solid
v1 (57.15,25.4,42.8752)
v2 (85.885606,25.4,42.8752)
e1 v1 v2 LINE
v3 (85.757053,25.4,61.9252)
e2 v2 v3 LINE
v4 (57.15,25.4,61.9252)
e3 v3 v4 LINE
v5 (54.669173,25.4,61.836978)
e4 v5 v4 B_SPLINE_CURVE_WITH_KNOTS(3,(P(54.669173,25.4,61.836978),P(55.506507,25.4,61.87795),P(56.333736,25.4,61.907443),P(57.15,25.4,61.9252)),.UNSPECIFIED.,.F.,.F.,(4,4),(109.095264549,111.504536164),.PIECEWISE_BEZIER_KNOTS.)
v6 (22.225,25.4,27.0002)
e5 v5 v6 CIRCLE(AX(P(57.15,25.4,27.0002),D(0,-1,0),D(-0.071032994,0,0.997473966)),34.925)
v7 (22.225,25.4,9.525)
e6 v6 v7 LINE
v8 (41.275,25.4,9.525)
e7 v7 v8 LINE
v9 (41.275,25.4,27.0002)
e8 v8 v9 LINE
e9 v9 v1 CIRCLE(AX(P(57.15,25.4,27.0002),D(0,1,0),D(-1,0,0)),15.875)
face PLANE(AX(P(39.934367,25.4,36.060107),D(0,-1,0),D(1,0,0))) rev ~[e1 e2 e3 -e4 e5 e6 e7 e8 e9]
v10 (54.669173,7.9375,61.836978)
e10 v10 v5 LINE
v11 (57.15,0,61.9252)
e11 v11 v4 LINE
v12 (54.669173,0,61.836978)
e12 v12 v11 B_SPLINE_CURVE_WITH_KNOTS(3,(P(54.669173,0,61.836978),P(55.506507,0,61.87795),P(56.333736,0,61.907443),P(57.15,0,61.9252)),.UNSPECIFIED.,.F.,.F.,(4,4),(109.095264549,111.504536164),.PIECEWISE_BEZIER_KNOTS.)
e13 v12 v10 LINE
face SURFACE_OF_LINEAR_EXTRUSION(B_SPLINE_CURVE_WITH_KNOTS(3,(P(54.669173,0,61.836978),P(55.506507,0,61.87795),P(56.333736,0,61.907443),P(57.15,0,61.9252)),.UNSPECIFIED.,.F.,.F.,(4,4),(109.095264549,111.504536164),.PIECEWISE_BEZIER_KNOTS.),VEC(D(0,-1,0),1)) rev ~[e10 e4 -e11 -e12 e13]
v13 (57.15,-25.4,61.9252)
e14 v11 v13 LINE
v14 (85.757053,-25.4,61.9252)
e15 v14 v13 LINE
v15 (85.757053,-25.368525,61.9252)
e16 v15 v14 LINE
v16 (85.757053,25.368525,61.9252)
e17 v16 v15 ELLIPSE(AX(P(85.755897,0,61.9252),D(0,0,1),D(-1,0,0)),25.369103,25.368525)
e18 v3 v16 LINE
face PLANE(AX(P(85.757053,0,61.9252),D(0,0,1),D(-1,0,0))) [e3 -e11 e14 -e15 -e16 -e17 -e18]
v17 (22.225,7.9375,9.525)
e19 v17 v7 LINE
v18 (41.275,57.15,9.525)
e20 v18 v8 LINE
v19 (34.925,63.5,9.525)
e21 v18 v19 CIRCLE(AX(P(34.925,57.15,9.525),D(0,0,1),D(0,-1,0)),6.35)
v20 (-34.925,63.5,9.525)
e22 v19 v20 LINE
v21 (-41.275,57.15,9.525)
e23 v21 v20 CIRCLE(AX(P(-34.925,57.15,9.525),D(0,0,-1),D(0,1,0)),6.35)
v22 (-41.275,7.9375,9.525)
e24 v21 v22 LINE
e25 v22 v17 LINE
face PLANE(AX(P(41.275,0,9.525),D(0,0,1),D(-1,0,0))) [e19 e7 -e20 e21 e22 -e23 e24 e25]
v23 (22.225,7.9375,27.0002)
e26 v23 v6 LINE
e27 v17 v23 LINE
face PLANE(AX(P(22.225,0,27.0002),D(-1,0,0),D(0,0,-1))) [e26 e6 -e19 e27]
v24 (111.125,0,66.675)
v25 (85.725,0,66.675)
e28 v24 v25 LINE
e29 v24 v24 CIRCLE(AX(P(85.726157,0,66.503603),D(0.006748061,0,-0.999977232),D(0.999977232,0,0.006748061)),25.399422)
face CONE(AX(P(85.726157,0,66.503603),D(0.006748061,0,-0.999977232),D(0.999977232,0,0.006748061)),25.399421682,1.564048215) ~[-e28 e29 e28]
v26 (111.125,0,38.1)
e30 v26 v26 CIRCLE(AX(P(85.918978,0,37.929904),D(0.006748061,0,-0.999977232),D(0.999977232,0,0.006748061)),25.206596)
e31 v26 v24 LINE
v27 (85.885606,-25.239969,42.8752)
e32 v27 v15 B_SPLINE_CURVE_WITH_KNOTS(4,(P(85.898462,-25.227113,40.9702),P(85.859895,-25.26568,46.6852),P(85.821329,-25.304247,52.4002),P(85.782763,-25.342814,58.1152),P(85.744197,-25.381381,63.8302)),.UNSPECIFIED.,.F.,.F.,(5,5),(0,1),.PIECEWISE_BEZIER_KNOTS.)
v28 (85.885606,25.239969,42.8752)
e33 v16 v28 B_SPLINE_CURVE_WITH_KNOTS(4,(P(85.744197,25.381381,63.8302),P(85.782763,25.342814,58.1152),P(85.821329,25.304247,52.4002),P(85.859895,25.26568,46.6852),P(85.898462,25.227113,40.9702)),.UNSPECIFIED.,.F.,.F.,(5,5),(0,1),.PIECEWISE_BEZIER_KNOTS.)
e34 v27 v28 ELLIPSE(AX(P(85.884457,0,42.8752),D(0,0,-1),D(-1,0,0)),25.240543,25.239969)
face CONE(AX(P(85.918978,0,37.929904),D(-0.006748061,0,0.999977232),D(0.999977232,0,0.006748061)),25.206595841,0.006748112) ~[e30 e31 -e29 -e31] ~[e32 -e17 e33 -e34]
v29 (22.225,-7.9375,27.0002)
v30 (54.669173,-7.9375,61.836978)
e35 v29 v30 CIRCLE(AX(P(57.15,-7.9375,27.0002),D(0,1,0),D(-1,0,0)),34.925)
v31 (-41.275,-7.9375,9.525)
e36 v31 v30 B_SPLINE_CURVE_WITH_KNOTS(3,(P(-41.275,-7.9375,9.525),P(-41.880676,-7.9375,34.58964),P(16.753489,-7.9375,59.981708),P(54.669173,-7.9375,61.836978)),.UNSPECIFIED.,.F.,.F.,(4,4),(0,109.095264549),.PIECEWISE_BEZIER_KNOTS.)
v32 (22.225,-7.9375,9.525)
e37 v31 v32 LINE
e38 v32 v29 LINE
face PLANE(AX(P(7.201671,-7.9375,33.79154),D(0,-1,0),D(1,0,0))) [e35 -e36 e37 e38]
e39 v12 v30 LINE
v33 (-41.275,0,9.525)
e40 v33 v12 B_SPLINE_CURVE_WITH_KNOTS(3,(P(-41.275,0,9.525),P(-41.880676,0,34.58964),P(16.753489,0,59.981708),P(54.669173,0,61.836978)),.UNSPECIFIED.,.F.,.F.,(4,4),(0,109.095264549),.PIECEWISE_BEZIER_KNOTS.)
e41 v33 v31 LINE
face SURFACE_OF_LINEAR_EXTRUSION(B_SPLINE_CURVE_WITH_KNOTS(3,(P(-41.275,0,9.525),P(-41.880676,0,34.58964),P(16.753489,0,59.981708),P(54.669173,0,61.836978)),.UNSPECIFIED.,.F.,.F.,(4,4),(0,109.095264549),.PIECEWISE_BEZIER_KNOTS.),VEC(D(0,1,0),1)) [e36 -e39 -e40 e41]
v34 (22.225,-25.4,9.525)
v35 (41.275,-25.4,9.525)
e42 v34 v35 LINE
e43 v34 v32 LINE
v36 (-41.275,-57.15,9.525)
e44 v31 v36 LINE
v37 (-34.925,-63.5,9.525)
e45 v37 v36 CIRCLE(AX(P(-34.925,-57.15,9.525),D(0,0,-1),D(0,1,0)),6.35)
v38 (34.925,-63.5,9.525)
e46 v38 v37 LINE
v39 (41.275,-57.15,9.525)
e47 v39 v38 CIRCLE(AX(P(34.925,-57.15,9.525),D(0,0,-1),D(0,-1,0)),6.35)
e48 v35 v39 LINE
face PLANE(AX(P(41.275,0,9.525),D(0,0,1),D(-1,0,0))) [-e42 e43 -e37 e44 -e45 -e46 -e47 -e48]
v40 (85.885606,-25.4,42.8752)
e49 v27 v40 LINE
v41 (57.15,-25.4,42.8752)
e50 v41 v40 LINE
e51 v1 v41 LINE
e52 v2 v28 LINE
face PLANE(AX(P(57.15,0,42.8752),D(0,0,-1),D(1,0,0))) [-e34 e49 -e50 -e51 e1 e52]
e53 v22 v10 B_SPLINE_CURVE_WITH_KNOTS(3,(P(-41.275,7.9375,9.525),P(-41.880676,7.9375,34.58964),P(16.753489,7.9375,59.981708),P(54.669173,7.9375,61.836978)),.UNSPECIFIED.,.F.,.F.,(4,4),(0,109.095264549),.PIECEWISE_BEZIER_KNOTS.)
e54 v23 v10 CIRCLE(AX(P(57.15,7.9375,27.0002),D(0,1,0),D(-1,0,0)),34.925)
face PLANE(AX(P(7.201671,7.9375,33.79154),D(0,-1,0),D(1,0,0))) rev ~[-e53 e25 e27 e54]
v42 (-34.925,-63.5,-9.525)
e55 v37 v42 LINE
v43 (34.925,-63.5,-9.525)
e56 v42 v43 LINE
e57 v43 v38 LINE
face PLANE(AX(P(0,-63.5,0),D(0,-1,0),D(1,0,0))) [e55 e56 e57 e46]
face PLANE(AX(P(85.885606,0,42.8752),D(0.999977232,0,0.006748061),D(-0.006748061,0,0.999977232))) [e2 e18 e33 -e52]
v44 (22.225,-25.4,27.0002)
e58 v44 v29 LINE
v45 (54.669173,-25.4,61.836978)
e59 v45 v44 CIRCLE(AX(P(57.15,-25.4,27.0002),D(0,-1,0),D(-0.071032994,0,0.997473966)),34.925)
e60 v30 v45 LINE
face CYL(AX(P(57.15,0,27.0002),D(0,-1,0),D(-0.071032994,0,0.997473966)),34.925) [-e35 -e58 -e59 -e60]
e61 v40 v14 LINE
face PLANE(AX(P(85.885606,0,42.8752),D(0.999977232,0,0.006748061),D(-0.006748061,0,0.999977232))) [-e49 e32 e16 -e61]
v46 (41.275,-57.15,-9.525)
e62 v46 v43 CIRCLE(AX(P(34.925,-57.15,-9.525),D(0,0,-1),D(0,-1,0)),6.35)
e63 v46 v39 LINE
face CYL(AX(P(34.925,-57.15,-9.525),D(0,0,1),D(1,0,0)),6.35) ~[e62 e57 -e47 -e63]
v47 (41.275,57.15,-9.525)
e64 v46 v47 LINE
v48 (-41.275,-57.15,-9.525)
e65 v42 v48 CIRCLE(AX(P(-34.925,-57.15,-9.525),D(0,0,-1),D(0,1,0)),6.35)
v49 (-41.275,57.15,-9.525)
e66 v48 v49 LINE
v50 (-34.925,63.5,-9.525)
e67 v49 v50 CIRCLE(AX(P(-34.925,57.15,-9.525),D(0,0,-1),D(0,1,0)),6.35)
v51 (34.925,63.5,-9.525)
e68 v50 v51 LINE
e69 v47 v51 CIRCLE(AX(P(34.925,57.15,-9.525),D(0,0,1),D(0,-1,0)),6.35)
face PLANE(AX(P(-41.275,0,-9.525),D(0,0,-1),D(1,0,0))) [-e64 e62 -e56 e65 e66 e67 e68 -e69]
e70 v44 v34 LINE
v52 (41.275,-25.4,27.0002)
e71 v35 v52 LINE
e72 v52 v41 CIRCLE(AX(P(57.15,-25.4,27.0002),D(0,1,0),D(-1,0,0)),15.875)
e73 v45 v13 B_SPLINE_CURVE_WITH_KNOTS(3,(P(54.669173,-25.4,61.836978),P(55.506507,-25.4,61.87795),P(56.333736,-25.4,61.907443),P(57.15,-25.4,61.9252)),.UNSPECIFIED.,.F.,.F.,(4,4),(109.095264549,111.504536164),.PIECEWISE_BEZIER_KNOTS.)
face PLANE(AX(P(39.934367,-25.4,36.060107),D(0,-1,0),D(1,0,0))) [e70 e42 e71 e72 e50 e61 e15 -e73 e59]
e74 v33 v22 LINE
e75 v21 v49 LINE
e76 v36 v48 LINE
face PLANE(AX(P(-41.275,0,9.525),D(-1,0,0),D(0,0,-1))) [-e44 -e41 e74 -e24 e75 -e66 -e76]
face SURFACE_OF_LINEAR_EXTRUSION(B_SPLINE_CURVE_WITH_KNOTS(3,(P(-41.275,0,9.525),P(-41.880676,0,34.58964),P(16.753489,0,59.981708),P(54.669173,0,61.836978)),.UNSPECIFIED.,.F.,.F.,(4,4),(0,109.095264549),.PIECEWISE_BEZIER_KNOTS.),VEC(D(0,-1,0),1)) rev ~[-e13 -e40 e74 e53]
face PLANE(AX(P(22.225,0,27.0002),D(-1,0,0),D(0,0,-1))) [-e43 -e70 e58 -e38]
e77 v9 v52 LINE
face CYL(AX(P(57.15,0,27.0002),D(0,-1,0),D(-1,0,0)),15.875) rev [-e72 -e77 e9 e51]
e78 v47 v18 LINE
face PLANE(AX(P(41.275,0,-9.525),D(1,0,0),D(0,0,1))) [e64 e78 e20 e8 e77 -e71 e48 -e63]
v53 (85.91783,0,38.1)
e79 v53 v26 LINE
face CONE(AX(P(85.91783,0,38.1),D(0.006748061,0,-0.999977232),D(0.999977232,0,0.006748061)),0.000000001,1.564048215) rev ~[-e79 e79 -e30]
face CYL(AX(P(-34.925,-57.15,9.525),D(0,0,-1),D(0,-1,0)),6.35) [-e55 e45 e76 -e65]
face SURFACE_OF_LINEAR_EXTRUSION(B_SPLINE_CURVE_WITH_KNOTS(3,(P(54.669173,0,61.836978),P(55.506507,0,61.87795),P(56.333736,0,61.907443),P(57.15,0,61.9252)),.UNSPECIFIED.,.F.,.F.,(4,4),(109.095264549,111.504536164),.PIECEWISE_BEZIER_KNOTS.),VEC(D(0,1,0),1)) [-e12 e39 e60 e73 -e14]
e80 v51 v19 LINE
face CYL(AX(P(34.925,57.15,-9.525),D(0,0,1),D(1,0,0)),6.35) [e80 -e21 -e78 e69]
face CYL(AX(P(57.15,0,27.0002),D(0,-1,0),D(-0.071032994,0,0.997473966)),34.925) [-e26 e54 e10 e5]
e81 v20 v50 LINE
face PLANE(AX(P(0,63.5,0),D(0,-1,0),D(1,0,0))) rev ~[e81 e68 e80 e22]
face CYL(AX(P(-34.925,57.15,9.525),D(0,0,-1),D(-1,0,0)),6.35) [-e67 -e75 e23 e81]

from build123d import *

# Parameters (mm, degrees)
F1_DEPTH = 63.5
F2_DEPTH = 25.4
F3_DEPTH = 7.9375
F5_R     = 6.35


with BuildPart() as f1:
    # F0 (on Front) → F1 (new body, symmetric)
    with BuildSketch(Plane.XZ):
        Polygon((41.275, -9.525), (41.275, 9.525), (22.225, 9.525), (-41.275, 9.525), (-41.275, -9.525), align=None)
    extrude(amount=F1_DEPTH, both=True)

    # F0 (on Front) → F2 (join, symmetric)
    with BuildSketch(Plane.XZ):
        with BuildLine():
            Line((22.225, 9.525), (41.275, 9.525))
            Line((41.275, 9.525), (41.275, 27.0002))
            ThreePointArc((41.275, 27.0002), (45.9246798487, 38.2255201513), (57.15, 42.8752))
            Line((57.15, 42.8752), (60.325, 42.8752))
            Line((60.325, 42.8752), (60.325, 61.9252))
            Line((60.325, 61.9252), (57.15, 61.9252))
            add(Edge.make_bspline(
                [(54.6691726914, 61.8369782791), (55.5065067591, 61.8779502767), (56.3337362614, 61.9074431943), (57.15, 61.9252)],
                knots=[109.0952645489, 109.0952645489, 109.0952645489, 109.0952645489, 111.5045361635, 111.5045361635, 111.5045361635, 111.5045361635], degree=3))
            ThreePointArc((54.6691726914, 61.8369782791), (31.592236808, 50.8026445304), (22.225, 27.0002))
            Line((22.225, 27.0002), (22.225, 9.525))
        make_face()
        Polygon((60.325, 61.9252), (60.325, 42.8752), (85.8856061574, 42.8752), (85.7570526696, 61.9252), align=None)
    extrude(amount=F2_DEPTH, both=True)

    # F0 (on Front) → F3 (join, symmetric)
    with BuildSketch(Plane.XZ):
        with BuildLine():
            Line((-41.275, 9.525), (22.225, 9.525))
            Line((22.225, 9.525), (22.225, 27.0002))
            ThreePointArc((22.225, 27.0002), (31.592236808, 50.8026445304), (54.6691726914, 61.8369782791))
            add(Edge.make_bspline(
                [(-41.275, 9.525), (-41.8806763556, 34.5896402805), (16.7534885196, 59.9817076265), (54.6691726914, 61.8369782791)],
                knots=[0, 0, 0, 0, 109.0952645489, 109.0952645489, 109.0952645489, 109.0952645489], degree=3))
        make_face()
    extrude(amount=F3_DEPTH, both=True)

    # F0 (on Front) → F4 (revolve)
    with BuildSketch(Plane.XZ):
        Polygon((85.7570526696, 61.9252), (85.8856061574, 42.8752), (85.9178302317, 38.1), (111.125, 38.1), (111.125, 66.675), (85.725, 66.675), align=None)
    revolve(axis=Axis((85.8214151158, 0, 52.3875), (0.0067480609, 0, -0.9999772316)))

    # F5
    f5_edges = [f1.edges().sort_by_distance(p)[0] for p in [
        (41.275, -63.5, 0),
        (-41.275, -63.5, 0),
        (-41.275, 63.5, 0),
        (41.275, 63.5, 0),
    ]]
    fillet(f5_edges, radius=F5_R)


solid = f1.part
